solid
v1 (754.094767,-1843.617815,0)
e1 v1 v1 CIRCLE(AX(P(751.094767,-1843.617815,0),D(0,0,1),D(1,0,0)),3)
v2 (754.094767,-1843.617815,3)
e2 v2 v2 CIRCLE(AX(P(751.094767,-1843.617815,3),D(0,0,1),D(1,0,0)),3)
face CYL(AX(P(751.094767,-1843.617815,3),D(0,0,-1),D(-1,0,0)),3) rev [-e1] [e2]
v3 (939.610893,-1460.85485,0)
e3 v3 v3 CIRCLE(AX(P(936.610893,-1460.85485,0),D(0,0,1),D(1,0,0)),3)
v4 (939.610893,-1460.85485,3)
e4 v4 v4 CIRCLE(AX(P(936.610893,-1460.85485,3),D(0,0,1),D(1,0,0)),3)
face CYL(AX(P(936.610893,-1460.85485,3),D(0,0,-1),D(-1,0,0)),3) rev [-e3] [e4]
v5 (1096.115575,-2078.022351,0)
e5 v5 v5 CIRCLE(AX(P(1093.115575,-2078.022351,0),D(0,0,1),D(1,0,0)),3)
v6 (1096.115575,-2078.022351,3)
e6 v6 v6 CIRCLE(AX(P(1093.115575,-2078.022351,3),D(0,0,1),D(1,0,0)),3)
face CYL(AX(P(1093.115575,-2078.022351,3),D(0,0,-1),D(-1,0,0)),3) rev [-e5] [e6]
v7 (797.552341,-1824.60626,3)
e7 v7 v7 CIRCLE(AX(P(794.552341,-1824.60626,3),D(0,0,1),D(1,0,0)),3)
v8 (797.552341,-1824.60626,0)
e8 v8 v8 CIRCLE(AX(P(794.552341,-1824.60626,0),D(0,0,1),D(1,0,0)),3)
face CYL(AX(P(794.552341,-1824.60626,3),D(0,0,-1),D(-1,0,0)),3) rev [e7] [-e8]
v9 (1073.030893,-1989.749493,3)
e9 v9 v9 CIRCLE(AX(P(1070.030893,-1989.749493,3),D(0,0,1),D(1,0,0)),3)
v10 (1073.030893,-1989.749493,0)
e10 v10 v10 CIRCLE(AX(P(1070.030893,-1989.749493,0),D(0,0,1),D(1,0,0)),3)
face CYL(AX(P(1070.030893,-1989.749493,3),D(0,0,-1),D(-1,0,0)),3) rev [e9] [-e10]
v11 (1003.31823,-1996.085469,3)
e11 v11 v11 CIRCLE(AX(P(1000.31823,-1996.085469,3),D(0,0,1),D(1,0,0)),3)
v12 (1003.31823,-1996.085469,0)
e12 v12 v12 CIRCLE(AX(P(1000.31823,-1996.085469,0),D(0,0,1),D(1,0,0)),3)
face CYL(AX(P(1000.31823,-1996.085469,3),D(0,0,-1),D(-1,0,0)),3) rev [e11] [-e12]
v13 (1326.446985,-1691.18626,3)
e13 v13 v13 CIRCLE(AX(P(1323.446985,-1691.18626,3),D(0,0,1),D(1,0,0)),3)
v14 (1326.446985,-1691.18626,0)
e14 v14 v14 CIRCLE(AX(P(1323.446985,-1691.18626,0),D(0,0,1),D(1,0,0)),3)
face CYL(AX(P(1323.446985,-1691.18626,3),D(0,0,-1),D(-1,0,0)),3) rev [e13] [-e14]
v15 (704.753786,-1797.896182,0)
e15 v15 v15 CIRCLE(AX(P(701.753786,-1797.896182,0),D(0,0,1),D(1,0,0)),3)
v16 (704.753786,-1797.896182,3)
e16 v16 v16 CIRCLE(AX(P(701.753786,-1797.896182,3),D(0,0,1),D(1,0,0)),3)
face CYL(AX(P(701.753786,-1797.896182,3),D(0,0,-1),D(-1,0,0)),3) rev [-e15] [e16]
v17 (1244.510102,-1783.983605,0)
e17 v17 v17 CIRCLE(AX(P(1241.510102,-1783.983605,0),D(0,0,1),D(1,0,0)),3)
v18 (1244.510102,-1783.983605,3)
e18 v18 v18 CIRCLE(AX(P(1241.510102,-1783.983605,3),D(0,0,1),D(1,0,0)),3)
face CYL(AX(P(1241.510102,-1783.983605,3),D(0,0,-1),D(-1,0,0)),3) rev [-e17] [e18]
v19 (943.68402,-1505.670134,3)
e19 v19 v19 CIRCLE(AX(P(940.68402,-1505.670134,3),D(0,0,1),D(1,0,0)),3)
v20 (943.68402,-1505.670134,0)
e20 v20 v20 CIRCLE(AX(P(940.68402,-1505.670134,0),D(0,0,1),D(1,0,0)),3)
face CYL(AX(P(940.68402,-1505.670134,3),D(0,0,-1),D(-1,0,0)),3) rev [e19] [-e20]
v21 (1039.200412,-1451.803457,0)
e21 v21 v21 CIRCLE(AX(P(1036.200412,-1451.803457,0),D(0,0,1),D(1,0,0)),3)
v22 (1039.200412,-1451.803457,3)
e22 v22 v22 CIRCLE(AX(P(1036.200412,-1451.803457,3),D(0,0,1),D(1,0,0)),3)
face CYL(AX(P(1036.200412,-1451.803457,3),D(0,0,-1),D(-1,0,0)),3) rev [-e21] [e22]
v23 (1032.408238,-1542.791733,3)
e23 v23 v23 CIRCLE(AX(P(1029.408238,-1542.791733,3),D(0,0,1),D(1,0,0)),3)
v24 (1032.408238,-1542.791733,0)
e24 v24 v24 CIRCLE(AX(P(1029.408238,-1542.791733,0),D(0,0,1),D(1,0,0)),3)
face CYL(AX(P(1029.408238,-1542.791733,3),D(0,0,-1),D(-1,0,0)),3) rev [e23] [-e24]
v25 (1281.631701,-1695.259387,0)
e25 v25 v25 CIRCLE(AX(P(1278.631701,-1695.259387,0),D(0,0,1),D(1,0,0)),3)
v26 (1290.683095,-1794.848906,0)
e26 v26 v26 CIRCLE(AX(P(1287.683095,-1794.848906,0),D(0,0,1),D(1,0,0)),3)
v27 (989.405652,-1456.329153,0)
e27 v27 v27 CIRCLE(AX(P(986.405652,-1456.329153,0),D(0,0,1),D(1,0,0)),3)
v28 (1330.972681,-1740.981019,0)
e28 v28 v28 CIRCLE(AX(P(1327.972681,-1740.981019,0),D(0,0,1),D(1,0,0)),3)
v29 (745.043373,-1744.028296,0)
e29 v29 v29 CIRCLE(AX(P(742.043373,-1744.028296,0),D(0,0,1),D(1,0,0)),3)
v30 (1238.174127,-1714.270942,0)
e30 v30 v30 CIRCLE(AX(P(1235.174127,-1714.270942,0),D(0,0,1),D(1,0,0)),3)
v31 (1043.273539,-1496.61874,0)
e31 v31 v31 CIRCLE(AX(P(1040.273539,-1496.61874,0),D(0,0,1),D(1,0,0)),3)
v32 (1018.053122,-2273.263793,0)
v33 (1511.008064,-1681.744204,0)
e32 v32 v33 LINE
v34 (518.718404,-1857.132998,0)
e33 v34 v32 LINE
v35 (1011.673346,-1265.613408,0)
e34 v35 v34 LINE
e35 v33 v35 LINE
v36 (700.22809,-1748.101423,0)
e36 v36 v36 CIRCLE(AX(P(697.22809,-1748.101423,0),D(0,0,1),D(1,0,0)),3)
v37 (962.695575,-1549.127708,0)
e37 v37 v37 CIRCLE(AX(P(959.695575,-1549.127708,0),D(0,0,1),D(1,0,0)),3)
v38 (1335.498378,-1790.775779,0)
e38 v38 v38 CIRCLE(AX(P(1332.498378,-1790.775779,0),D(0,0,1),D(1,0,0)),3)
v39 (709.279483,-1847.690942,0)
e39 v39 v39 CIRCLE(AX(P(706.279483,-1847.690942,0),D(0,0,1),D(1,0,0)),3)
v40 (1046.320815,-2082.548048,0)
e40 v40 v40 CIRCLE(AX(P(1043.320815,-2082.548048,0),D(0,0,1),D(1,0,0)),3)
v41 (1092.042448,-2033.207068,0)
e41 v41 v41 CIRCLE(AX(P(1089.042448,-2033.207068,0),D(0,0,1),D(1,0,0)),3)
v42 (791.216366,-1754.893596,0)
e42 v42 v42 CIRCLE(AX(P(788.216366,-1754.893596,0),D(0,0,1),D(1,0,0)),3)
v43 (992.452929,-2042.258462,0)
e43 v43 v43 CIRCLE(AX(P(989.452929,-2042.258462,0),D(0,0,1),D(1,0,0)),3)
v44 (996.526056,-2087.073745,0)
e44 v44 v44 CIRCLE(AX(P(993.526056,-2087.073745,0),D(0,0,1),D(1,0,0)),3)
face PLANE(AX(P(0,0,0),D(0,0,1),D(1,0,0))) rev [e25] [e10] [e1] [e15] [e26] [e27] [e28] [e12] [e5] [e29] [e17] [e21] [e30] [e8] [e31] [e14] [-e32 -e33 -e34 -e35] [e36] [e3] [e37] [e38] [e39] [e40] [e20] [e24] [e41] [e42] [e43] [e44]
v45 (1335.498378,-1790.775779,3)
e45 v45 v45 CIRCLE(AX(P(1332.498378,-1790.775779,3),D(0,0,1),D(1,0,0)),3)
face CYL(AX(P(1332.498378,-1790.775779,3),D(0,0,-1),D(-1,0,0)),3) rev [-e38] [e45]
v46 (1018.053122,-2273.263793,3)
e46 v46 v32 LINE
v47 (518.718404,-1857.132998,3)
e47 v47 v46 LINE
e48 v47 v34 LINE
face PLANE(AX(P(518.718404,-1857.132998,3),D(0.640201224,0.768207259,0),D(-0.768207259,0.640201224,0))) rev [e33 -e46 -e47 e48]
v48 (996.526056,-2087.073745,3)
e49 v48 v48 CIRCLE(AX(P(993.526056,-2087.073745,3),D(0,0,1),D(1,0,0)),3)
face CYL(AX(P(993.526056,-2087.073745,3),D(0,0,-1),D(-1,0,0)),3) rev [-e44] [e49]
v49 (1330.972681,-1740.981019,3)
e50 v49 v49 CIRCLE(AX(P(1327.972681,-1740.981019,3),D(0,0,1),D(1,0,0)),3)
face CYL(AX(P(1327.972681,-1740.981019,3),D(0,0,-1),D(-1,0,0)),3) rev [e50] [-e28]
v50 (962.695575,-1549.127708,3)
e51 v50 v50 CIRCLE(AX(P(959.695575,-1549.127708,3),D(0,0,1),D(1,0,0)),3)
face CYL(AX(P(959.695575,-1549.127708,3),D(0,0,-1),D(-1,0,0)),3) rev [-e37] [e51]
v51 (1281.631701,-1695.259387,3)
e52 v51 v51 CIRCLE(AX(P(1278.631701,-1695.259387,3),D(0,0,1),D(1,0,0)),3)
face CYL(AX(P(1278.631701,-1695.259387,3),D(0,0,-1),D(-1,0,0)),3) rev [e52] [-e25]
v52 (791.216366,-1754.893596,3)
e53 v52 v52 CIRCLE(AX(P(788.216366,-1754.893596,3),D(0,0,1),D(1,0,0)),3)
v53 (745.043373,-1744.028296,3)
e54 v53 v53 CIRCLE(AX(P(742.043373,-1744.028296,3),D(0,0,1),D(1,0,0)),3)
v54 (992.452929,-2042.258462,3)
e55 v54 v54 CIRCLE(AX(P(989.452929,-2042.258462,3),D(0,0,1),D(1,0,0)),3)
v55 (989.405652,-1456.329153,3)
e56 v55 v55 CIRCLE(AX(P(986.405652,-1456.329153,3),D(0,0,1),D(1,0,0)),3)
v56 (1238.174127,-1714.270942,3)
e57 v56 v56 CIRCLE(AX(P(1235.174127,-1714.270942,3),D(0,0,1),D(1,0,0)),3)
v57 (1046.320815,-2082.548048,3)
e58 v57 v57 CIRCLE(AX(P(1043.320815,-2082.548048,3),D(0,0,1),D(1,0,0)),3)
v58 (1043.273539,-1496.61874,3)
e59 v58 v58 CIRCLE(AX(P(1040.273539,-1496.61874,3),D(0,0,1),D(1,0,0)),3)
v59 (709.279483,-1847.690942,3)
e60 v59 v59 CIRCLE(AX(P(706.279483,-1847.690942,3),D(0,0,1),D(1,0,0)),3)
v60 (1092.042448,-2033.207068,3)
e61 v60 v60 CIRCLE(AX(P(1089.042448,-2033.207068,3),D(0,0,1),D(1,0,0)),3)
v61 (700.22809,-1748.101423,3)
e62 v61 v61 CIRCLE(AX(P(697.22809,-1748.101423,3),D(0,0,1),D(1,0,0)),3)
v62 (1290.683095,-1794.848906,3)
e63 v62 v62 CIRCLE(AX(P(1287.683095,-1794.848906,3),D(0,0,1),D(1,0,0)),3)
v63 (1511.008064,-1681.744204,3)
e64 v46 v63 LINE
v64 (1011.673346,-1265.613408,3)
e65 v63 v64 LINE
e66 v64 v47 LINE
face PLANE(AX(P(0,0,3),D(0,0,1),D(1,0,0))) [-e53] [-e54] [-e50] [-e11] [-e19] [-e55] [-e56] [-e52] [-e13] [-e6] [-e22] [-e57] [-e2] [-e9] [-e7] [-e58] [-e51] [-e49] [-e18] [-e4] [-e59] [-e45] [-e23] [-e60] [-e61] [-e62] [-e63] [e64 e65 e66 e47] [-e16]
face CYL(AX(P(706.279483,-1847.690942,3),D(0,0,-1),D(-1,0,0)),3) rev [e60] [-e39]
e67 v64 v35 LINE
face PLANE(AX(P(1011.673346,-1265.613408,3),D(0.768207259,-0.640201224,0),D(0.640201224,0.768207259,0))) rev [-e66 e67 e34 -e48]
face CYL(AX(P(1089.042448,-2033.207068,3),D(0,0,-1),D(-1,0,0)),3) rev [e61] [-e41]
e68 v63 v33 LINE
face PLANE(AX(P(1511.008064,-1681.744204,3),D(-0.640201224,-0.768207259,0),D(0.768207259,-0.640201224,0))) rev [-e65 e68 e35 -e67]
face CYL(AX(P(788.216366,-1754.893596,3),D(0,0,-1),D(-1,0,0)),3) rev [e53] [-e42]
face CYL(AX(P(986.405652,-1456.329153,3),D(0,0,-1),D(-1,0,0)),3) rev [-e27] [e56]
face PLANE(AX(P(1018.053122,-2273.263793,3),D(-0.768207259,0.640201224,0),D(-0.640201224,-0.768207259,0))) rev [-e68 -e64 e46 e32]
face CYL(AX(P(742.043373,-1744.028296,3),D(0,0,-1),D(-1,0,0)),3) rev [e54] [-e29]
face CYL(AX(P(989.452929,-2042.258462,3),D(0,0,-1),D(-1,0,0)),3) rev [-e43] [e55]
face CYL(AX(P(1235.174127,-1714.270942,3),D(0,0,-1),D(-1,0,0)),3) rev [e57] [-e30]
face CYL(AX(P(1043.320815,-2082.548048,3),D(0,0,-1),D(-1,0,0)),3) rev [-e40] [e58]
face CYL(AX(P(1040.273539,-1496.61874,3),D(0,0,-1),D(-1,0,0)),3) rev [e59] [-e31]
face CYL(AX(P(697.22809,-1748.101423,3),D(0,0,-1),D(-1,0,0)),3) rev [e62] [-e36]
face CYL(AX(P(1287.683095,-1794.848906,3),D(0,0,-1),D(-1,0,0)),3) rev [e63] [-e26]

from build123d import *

# Parameters (mm, degrees)
SKETCH1_R           = 3
BOSS_EXTRUDE1_DEPTH = 3


with BuildPart() as part:
    # Sketch1 → Boss-Extrude1 (new body)
    with BuildSketch(Plane.XY):
        Polygon((1018.05312216, -2273.263793346), (1511.008064266, -1681.744203601), (1011.673345649, -1265.613408316), (518.718403543, -1857.132998062), align=None)
        with Locations((701.753786497, -1797.896182314)):
            Circle(SKETCH1_R, mode=Mode.SUBTRACT)
        with Locations((1327.972681313, -1740.981019348)):
            Circle(SKETCH1_R, mode=Mode.SUBTRACT)
        with Locations((1235.174126546, -1714.270941976)):
            Circle(SKETCH1_R, mode=Mode.SUBTRACT)
        with Locations((1278.631701009, -1695.259387021)):
            Circle(SKETCH1_R, mode=Mode.SUBTRACT)
        with Locations((1323.446984512, -1691.186259901)):
            Circle(SKETCH1_R, mode=Mode.SUBTRACT)
        with Locations((697.228089696, -1748.101422866)):
            Circle(SKETCH1_R, mode=Mode.SUBTRACT)
        with Locations((788.216365742, -1754.893596459)):
            Circle(SKETCH1_R, mode=Mode.SUBTRACT)
        with Locations((742.043373199, -1744.028295746)):
            Circle(SKETCH1_R, mode=Mode.SUBTRACT)
        with Locations((751.0947668, -1843.617814641)):
            Circle(SKETCH1_R, mode=Mode.SUBTRACT)
        with Locations((794.552341263, -1824.606259686)):
            Circle(SKETCH1_R, mode=Mode.SUBTRACT)
        with Locations((706.279483297, -1847.690941762)):
            Circle(SKETCH1_R, mode=Mode.SUBTRACT)
        with Locations((1241.510102067, -1783.983605203)):
            Circle(SKETCH1_R, mode=Mode.SUBTRACT)
        with Locations((1332.498378113, -1790.775778796)):
            Circle(SKETCH1_R, mode=Mode.SUBTRACT)
        with Locations((1287.68309461, -1794.848905917)):
            Circle(SKETCH1_R, mode=Mode.SUBTRACT)
        with Locations((940.684020094, -1505.670133727)):
            Circle(SKETCH1_R, mode=Mode.SUBTRACT)
        with Locations((936.610892974, -1460.854850224)):
            Circle(SKETCH1_R, mode=Mode.SUBTRACT)
        with Locations((986.405652422, -1456.329153423)):
            Circle(SKETCH1_R, mode=Mode.SUBTRACT)
        with Locations((1036.200411869, -1451.803456623)):
            Circle(SKETCH1_R, mode=Mode.SUBTRACT)
        with Locations((1040.27353899, -1496.618740126)):
            Circle(SKETCH1_R, mode=Mode.SUBTRACT)
        with Locations((1029.408238276, -1542.791732669)):
            Circle(SKETCH1_R, mode=Mode.SUBTRACT)
        with Locations((959.695575049, -1549.12770819)):
            Circle(SKETCH1_R, mode=Mode.SUBTRACT)
        with Locations((1089.042447715, -2033.207067936)):
            Circle(SKETCH1_R, mode=Mode.SUBTRACT)
        with Locations((1093.115574835, -2078.022351439)):
            Circle(SKETCH1_R, mode=Mode.SUBTRACT)
        with Locations((1043.320815387, -2082.548048239)):
            Circle(SKETCH1_R, mode=Mode.SUBTRACT)
        with Locations((993.52605594, -2087.07374504)):
            Circle(SKETCH1_R, mode=Mode.SUBTRACT)
        with Locations((989.452928819, -2042.258461537)):
            Circle(SKETCH1_R, mode=Mode.SUBTRACT)
        with Locations((1000.318229533, -1996.085468994)):
            Circle(SKETCH1_R, mode=Mode.SUBTRACT)
        with Locations((1070.03089276, -1989.749493473)):
            Circle(SKETCH1_R, mode=Mode.SUBTRACT)
    extrude(amount=BOSS_EXTRUDE1_DEPTH)


solid = part.part
